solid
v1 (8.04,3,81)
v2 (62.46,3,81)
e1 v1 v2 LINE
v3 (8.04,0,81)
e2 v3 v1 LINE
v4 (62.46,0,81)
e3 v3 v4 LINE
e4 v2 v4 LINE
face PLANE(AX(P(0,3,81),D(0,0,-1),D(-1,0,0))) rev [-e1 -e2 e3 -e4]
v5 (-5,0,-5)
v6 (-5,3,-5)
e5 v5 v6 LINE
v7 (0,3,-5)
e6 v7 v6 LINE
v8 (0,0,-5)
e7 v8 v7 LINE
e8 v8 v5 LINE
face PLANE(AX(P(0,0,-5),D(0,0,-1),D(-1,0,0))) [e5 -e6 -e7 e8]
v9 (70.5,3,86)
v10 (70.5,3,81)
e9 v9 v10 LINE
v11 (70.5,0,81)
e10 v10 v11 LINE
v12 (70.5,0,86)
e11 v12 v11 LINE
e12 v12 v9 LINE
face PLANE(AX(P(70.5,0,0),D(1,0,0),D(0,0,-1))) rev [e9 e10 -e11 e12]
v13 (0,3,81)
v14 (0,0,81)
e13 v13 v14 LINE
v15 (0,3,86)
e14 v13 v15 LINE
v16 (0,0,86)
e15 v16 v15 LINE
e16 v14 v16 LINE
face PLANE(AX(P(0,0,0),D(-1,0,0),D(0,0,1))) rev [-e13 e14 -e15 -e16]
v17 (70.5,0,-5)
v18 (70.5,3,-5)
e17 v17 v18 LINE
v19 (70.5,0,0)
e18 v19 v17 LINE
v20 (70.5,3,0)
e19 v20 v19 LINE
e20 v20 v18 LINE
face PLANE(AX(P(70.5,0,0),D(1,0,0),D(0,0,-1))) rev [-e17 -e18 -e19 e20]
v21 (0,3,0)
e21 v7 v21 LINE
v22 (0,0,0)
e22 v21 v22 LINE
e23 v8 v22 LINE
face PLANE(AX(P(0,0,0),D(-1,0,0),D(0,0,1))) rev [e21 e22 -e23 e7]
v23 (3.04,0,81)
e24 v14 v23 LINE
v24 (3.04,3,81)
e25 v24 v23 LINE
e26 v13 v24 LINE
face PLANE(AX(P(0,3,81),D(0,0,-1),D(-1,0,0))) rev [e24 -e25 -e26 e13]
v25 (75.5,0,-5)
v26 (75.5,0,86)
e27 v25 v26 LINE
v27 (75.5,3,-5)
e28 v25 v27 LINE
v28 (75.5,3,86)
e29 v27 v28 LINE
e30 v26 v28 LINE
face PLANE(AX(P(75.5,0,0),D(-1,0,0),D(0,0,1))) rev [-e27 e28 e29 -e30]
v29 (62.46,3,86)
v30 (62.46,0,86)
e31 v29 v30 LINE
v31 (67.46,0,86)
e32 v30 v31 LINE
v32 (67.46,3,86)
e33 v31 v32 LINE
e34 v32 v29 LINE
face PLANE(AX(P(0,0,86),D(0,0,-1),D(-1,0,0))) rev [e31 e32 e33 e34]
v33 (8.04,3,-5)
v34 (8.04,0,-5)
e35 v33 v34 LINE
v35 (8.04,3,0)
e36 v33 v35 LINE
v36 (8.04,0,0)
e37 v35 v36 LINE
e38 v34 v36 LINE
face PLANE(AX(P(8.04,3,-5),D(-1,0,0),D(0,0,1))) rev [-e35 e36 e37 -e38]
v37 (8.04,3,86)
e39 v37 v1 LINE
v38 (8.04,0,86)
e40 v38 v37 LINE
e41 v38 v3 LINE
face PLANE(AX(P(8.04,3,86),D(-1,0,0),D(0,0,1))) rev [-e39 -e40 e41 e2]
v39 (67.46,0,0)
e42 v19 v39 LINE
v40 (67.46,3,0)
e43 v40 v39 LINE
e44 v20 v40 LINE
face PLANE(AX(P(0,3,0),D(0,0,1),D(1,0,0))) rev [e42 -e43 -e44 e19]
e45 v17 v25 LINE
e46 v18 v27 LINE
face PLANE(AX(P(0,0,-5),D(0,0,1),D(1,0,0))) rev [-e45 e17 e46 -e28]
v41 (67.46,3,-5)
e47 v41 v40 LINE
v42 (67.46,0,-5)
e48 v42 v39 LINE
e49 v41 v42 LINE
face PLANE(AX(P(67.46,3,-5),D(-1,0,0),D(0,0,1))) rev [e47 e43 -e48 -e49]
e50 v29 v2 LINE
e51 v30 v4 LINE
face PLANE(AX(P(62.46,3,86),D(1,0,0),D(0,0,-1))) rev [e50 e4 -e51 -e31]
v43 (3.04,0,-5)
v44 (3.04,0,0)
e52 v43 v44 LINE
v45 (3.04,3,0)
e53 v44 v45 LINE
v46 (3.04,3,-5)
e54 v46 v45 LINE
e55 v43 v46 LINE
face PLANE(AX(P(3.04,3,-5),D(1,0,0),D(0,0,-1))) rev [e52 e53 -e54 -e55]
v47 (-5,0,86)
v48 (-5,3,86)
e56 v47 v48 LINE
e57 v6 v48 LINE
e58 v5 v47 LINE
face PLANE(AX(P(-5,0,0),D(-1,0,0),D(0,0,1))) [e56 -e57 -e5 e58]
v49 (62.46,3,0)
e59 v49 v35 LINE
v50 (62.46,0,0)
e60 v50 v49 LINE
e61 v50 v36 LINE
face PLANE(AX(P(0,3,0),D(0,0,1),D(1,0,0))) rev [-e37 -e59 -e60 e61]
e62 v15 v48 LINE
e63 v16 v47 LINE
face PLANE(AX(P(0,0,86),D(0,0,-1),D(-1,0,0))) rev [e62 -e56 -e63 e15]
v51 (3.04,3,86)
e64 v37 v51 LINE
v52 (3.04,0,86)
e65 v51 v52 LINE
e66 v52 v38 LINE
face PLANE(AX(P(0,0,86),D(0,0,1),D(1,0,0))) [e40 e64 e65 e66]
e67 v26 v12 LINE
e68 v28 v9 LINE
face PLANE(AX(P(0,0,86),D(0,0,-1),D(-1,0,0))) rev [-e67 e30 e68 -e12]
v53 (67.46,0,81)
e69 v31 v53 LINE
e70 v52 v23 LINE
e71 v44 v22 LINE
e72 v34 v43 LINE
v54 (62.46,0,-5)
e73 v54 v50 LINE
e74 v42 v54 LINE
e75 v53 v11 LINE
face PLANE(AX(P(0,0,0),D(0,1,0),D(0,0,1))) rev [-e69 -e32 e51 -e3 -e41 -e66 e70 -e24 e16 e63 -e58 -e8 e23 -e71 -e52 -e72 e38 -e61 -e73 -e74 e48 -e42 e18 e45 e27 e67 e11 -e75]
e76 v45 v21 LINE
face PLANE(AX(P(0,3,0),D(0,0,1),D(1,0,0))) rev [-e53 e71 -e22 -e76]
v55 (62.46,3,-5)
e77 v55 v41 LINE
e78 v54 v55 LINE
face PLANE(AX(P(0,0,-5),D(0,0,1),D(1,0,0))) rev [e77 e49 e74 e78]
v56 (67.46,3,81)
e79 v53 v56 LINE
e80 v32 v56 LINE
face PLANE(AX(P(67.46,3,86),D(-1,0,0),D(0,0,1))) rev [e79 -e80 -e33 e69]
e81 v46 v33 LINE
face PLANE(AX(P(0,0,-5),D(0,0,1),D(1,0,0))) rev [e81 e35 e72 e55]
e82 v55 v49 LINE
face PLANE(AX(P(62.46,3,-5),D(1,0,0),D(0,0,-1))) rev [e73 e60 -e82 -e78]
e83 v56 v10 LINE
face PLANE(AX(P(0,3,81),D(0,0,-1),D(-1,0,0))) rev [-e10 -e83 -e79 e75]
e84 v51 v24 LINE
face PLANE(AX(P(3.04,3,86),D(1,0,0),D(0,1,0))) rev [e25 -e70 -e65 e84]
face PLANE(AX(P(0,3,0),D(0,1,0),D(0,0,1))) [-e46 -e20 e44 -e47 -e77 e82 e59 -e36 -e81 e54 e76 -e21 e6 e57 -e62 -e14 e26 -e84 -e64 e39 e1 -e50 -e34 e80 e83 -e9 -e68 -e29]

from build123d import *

# Parameters (mm, degrees)
SKETCH1_W           = 70.5
SKETCH1_H           = 81
BOSS_EXTRUDE1_DEPTH = 3
SKETCH2_W           = 5
SKETCH2_H           = 3
BOSS_EXTRUDE2_DEPTH = 5
SKETCH3_W           = 5
SKETCH3_H           = 3
BOSS_EXTRUDE3_DEPTH = 5
BOSS_EXTRUDE4_DEPTH = 3


with BuildPart() as part:
    # Sketch1 → Boss-Extrude1 (new body)
    with BuildSketch(Plane(origin=(0, 0, 0), x_dir=(1, 0, 0), z_dir=(0, 1, 0))):
        with Locations((35.25, -40.5)):
            Rectangle(SKETCH1_W, SKETCH1_H)
    extrude(amount=BOSS_EXTRUDE1_DEPTH)

    # Sketch2 → Boss-Extrude2 (add)
    with BuildSketch(Plane.XY.offset(81)):
        with Locations((5.54, 1.5)):
            Rectangle(SKETCH2_W, SKETCH2_H)
        with Locations((64.96, 1.5)):
            Rectangle(SKETCH2_W, SKETCH2_H)
    extrude(amount=BOSS_EXTRUDE2_DEPTH)

    # Sketch3 → Boss-Extrude3 (add)
    with BuildSketch(Plane(origin=(0, 0, 0), x_dir=(-1, 0, 0), z_dir=(0, 0, -1))):
        with Locations((-5.54, 1.5)):
            Rectangle(SKETCH3_W, SKETCH3_H)
        with Locations((-64.96, 1.5)):
            Rectangle(SKETCH3_W, SKETCH3_H)
    extrude(amount=BOSS_EXTRUDE3_DEPTH)

    # Sketch4 → Boss-Extrude4 (add)
    with BuildSketch(Plane(origin=(0, 3, 0), x_dir=(1, 0, 0), z_dir=(0, 1, 0))):
        Polygon((0, 0), (0, 5), (-5, 5), (-5, -86), (0, -86), (0, -81), align=None)
        Polygon((70.5, 5), (70.5, 0), (70.5, -81), (70.5, -86), (75.5, -86), (75.5, 0), (75.5, 5), align=None)
    extrude(amount=-BOSS_EXTRUDE4_DEPTH)


solid = part.part
